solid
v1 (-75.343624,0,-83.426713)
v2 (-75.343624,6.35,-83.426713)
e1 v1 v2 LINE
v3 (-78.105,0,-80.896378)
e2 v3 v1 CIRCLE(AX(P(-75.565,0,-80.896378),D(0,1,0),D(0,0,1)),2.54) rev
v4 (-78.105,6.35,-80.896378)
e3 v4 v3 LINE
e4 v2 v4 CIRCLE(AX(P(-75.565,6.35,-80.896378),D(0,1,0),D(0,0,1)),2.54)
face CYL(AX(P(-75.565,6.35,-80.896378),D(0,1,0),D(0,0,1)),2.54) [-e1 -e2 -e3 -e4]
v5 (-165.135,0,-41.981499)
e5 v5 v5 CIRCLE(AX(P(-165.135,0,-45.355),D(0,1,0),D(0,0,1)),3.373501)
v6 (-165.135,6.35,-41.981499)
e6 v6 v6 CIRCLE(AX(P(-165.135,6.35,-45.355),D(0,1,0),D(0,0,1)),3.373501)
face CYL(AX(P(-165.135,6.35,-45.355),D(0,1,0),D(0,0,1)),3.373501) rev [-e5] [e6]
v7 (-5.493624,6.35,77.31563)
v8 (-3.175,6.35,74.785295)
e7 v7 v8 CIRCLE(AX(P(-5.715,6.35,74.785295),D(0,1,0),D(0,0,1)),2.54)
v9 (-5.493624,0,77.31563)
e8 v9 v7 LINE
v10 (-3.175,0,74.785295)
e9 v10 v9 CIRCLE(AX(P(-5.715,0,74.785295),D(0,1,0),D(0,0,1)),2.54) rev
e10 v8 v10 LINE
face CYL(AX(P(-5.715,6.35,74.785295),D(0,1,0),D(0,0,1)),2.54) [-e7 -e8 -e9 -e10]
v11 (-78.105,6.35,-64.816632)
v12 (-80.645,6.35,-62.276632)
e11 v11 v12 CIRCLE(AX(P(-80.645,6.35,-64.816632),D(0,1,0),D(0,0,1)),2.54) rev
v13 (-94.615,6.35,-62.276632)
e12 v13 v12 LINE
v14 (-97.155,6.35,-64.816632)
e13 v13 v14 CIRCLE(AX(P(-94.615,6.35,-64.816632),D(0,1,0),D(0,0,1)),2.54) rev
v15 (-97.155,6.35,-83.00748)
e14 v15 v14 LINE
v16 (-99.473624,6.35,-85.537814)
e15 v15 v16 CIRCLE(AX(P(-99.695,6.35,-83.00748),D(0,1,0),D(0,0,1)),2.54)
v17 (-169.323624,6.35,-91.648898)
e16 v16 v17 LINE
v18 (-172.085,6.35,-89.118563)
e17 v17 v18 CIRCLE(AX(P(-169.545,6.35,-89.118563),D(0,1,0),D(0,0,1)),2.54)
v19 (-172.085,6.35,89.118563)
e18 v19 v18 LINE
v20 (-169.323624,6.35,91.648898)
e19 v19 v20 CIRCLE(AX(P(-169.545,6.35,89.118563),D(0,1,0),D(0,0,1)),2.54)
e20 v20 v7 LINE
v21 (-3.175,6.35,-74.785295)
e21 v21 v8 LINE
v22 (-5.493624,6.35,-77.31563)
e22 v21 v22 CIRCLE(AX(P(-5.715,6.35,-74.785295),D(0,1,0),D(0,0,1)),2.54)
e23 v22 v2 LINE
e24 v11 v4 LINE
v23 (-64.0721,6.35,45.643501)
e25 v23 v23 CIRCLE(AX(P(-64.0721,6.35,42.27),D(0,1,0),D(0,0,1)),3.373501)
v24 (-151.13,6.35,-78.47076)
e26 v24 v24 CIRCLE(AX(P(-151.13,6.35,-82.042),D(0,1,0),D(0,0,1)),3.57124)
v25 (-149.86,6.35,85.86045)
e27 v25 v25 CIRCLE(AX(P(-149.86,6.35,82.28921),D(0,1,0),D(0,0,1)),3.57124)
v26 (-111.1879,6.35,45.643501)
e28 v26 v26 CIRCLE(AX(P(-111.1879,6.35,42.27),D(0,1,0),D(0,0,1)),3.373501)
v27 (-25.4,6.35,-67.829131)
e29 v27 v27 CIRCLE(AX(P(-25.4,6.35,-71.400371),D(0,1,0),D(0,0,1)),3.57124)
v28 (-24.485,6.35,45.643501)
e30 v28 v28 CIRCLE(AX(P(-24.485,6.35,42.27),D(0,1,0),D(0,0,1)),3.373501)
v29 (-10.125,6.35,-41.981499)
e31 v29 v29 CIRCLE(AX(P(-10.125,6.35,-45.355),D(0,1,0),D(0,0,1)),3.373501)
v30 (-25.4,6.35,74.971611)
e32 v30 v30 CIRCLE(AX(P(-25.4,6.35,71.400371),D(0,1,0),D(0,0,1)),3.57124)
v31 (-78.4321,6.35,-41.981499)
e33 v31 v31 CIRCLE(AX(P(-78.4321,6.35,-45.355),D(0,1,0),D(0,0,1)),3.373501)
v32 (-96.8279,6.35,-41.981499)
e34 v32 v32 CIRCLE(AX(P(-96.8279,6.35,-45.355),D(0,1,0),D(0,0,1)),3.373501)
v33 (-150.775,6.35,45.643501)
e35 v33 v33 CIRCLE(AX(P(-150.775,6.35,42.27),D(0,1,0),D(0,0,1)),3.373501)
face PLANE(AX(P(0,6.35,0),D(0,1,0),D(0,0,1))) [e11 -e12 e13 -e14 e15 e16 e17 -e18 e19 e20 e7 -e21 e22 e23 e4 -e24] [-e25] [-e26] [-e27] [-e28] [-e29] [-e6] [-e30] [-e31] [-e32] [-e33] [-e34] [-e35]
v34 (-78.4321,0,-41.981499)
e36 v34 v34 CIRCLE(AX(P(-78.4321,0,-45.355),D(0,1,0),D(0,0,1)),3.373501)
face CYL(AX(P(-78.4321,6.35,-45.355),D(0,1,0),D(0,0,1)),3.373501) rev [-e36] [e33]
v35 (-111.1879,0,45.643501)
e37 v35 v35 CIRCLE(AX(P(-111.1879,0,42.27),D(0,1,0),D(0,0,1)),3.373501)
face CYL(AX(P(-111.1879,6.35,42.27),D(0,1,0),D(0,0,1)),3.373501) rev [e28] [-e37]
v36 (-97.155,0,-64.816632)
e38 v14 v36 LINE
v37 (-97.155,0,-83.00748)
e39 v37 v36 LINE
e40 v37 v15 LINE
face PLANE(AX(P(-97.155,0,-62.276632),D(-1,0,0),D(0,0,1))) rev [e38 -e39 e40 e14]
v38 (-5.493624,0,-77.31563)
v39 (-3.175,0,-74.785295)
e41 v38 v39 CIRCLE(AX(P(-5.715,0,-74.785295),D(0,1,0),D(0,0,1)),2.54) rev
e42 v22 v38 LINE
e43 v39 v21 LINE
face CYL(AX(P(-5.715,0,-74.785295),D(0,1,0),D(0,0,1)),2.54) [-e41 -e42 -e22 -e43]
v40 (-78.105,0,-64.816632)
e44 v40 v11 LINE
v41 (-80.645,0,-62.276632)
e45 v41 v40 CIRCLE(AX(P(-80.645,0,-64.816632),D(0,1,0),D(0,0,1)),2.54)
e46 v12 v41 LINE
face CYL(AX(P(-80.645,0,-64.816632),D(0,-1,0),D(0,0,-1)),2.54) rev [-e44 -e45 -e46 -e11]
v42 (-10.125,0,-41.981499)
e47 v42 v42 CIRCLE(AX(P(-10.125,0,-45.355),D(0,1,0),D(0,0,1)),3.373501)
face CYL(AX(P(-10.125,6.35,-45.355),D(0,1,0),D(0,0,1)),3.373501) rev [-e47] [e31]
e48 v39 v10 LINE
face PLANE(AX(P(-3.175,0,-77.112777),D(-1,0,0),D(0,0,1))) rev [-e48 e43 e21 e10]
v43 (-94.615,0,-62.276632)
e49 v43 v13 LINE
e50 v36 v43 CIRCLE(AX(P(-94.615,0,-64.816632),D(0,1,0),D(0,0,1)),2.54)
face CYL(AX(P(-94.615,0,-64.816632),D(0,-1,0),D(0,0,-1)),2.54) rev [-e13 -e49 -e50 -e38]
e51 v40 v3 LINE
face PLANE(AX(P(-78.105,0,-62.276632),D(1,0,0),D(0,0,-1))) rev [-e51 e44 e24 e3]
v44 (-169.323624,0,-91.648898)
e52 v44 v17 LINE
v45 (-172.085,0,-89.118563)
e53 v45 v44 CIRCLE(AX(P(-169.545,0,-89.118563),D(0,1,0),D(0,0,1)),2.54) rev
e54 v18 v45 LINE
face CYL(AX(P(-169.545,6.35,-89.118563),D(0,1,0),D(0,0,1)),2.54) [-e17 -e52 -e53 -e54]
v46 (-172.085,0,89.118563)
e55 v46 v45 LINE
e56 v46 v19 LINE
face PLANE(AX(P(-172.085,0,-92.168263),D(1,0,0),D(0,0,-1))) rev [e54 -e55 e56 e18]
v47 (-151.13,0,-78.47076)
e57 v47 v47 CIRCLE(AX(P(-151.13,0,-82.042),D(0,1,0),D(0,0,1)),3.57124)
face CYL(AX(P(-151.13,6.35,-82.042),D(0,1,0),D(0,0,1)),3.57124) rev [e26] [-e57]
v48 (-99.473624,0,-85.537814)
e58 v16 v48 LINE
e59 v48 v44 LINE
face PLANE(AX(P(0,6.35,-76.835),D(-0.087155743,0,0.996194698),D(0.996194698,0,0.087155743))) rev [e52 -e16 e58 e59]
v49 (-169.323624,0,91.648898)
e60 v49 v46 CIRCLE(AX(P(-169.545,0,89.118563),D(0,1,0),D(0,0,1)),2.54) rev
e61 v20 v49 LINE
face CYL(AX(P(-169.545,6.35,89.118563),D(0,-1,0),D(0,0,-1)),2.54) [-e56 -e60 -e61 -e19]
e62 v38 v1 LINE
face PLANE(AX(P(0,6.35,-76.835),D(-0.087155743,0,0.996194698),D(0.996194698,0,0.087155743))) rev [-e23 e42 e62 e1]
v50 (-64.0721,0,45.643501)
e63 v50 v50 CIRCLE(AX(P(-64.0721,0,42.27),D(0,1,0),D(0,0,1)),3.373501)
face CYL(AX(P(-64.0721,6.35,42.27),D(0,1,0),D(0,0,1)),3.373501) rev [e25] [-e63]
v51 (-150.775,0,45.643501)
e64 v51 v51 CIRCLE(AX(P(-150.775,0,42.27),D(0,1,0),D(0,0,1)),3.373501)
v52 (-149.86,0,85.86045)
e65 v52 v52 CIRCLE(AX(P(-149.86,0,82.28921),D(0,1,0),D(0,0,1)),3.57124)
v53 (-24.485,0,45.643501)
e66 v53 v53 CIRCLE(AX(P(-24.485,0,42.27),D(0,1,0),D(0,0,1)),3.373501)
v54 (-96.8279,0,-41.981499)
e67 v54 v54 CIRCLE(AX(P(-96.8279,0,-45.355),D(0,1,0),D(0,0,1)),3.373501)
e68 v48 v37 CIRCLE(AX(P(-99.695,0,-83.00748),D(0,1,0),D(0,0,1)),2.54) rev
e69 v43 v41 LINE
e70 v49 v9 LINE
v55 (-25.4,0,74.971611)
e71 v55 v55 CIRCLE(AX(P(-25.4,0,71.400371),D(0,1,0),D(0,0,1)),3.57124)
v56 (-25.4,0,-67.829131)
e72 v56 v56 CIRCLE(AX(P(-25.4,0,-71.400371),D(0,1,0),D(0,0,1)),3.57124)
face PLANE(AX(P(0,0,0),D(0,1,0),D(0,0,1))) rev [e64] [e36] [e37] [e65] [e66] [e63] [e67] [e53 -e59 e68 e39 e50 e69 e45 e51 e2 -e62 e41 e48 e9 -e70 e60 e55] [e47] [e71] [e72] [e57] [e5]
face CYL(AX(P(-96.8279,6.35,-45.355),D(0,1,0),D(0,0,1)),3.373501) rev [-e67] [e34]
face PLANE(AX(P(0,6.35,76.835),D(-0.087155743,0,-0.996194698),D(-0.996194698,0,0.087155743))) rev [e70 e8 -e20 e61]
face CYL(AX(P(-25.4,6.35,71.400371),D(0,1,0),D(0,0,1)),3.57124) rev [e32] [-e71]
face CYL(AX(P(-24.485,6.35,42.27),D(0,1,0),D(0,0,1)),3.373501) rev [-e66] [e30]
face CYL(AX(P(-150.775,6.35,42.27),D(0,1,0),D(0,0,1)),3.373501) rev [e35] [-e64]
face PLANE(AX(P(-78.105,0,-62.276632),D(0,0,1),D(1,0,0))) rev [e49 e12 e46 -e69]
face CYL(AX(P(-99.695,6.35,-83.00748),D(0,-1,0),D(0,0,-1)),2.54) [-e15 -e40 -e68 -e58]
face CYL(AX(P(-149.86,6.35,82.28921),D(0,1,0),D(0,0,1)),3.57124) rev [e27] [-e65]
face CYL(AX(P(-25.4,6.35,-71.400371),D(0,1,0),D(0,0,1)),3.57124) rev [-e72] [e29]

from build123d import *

# Parameters (mm, degrees)
BOSS_EXTRUDE1_DEPTH              = 6.35
SKETCH2_W                        = 19.05
SKETCH2_H                        = 44.45
CUT_EXTRUDE1_DEPTH               = 199.119607398
F_17_64_0_26563_DIAMETER_HOLE1_D = 6.747002
F_1_4_CLEARANCE_HOLE1_D          = 7.14248
SKETCH7_W                        = 3.175
SKETCH7_H                        = 184.33652634
SKETCH7_H_2                      = 154.225553014
CUT_EXTRUDE2_DEPTH               = 199.119607398
FILLET1_R                        = 2.54


with BuildPart() as part:
    # Sketch1 → Boss-Extrude1 (new body)
    with BuildSketch(Plane(origin=(0, 0, 0), x_dir=(1, 0, 0), z_dir=(0, 1, 0))):
        Polygon((0, -76.835), (0, 76.835), (-175.26, 92.16826317), (-175.26, -92.16826317), align=None)
    extrude(amount=BOSS_EXTRUDE1_DEPTH)

    # Sketch2 → Cut-Extrude1 (cut, through all)
    with BuildSketch(Plane(origin=(0, 6.35, 0), x_dir=(1, 0, 0), z_dir=(0, 1, 0))):
        with Locations((-87.63, 84.501631585)):
            Rectangle(SKETCH2_W, SKETCH2_H)
    extrude(amount=-CUT_EXTRUDE1_DEPTH, mode=Mode.SUBTRACT)

    # 17/64 (0.26563) Diameter Hole1 (through all)
    with Locations(Plane(origin=(0, 6.35, 0), x_dir=(1, 0, 0), z_dir=(0, 1, 0))):
        with Locations((-24.485, -42.27), (-64.0721, -42.27), (-111.1879, -42.27), (-150.775, -42.27), (-78.4321, 45.355), (-10.125, 45.355), (-96.8279, 45.355), (-165.135, 45.355)):
            Hole(F_17_64_0_26563_DIAMETER_HOLE1_D / 2)

    # 1/4 Clearance Hole1 (through all)
    with Locations(Plane(origin=(0, 6.35, 0), x_dir=(1, 0, 0), z_dir=(0, 1, 0))):
        with Locations((-25.4, 71.400370648), (-25.4, -71.400370648), (-149.86, -82.28920971), (-151.13, 82.042)):
            Hole(F_1_4_CLEARANCE_HOLE1_D / 2)

    # Sketch7 → Cut-Extrude2 (cut, through all)
    with BuildSketch(Plane(origin=(0, 6.35, 0), x_dir=(1, 0, 0), z_dir=(0, 1, 0))):
        with Locations((-173.6725, 0)):
            Rectangle(SKETCH7_W, SKETCH7_H)
        with Locations((-1.5875, 0)):
            Rectangle(SKETCH7_W, SKETCH7_H_2)
    extrude(amount=-CUT_EXTRUDE2_DEPTH, mode=Mode.SUBTRACT)

    # Fillet1
    fillet1_edges = [part.edges().sort_by_distance(p)[0] for p in [
        (-172.085, 3.175, -91.890486663),
        (-172.085, 3.175, 91.890486663),
        (-3.175, 3.175, 77.112776507),
        (-3.175, 3.175, -77.112776507),
        (-97.155, 3.175, -85.334961105),
        (-97.155, 3.175, -62.276631585),
        (-78.105, 3.175, -83.668302065),
        (-78.105, 3.175, -62.276631585),
    ]]
    fillet(fillet1_edges, radius=FILLET1_R)


solid = part.part
